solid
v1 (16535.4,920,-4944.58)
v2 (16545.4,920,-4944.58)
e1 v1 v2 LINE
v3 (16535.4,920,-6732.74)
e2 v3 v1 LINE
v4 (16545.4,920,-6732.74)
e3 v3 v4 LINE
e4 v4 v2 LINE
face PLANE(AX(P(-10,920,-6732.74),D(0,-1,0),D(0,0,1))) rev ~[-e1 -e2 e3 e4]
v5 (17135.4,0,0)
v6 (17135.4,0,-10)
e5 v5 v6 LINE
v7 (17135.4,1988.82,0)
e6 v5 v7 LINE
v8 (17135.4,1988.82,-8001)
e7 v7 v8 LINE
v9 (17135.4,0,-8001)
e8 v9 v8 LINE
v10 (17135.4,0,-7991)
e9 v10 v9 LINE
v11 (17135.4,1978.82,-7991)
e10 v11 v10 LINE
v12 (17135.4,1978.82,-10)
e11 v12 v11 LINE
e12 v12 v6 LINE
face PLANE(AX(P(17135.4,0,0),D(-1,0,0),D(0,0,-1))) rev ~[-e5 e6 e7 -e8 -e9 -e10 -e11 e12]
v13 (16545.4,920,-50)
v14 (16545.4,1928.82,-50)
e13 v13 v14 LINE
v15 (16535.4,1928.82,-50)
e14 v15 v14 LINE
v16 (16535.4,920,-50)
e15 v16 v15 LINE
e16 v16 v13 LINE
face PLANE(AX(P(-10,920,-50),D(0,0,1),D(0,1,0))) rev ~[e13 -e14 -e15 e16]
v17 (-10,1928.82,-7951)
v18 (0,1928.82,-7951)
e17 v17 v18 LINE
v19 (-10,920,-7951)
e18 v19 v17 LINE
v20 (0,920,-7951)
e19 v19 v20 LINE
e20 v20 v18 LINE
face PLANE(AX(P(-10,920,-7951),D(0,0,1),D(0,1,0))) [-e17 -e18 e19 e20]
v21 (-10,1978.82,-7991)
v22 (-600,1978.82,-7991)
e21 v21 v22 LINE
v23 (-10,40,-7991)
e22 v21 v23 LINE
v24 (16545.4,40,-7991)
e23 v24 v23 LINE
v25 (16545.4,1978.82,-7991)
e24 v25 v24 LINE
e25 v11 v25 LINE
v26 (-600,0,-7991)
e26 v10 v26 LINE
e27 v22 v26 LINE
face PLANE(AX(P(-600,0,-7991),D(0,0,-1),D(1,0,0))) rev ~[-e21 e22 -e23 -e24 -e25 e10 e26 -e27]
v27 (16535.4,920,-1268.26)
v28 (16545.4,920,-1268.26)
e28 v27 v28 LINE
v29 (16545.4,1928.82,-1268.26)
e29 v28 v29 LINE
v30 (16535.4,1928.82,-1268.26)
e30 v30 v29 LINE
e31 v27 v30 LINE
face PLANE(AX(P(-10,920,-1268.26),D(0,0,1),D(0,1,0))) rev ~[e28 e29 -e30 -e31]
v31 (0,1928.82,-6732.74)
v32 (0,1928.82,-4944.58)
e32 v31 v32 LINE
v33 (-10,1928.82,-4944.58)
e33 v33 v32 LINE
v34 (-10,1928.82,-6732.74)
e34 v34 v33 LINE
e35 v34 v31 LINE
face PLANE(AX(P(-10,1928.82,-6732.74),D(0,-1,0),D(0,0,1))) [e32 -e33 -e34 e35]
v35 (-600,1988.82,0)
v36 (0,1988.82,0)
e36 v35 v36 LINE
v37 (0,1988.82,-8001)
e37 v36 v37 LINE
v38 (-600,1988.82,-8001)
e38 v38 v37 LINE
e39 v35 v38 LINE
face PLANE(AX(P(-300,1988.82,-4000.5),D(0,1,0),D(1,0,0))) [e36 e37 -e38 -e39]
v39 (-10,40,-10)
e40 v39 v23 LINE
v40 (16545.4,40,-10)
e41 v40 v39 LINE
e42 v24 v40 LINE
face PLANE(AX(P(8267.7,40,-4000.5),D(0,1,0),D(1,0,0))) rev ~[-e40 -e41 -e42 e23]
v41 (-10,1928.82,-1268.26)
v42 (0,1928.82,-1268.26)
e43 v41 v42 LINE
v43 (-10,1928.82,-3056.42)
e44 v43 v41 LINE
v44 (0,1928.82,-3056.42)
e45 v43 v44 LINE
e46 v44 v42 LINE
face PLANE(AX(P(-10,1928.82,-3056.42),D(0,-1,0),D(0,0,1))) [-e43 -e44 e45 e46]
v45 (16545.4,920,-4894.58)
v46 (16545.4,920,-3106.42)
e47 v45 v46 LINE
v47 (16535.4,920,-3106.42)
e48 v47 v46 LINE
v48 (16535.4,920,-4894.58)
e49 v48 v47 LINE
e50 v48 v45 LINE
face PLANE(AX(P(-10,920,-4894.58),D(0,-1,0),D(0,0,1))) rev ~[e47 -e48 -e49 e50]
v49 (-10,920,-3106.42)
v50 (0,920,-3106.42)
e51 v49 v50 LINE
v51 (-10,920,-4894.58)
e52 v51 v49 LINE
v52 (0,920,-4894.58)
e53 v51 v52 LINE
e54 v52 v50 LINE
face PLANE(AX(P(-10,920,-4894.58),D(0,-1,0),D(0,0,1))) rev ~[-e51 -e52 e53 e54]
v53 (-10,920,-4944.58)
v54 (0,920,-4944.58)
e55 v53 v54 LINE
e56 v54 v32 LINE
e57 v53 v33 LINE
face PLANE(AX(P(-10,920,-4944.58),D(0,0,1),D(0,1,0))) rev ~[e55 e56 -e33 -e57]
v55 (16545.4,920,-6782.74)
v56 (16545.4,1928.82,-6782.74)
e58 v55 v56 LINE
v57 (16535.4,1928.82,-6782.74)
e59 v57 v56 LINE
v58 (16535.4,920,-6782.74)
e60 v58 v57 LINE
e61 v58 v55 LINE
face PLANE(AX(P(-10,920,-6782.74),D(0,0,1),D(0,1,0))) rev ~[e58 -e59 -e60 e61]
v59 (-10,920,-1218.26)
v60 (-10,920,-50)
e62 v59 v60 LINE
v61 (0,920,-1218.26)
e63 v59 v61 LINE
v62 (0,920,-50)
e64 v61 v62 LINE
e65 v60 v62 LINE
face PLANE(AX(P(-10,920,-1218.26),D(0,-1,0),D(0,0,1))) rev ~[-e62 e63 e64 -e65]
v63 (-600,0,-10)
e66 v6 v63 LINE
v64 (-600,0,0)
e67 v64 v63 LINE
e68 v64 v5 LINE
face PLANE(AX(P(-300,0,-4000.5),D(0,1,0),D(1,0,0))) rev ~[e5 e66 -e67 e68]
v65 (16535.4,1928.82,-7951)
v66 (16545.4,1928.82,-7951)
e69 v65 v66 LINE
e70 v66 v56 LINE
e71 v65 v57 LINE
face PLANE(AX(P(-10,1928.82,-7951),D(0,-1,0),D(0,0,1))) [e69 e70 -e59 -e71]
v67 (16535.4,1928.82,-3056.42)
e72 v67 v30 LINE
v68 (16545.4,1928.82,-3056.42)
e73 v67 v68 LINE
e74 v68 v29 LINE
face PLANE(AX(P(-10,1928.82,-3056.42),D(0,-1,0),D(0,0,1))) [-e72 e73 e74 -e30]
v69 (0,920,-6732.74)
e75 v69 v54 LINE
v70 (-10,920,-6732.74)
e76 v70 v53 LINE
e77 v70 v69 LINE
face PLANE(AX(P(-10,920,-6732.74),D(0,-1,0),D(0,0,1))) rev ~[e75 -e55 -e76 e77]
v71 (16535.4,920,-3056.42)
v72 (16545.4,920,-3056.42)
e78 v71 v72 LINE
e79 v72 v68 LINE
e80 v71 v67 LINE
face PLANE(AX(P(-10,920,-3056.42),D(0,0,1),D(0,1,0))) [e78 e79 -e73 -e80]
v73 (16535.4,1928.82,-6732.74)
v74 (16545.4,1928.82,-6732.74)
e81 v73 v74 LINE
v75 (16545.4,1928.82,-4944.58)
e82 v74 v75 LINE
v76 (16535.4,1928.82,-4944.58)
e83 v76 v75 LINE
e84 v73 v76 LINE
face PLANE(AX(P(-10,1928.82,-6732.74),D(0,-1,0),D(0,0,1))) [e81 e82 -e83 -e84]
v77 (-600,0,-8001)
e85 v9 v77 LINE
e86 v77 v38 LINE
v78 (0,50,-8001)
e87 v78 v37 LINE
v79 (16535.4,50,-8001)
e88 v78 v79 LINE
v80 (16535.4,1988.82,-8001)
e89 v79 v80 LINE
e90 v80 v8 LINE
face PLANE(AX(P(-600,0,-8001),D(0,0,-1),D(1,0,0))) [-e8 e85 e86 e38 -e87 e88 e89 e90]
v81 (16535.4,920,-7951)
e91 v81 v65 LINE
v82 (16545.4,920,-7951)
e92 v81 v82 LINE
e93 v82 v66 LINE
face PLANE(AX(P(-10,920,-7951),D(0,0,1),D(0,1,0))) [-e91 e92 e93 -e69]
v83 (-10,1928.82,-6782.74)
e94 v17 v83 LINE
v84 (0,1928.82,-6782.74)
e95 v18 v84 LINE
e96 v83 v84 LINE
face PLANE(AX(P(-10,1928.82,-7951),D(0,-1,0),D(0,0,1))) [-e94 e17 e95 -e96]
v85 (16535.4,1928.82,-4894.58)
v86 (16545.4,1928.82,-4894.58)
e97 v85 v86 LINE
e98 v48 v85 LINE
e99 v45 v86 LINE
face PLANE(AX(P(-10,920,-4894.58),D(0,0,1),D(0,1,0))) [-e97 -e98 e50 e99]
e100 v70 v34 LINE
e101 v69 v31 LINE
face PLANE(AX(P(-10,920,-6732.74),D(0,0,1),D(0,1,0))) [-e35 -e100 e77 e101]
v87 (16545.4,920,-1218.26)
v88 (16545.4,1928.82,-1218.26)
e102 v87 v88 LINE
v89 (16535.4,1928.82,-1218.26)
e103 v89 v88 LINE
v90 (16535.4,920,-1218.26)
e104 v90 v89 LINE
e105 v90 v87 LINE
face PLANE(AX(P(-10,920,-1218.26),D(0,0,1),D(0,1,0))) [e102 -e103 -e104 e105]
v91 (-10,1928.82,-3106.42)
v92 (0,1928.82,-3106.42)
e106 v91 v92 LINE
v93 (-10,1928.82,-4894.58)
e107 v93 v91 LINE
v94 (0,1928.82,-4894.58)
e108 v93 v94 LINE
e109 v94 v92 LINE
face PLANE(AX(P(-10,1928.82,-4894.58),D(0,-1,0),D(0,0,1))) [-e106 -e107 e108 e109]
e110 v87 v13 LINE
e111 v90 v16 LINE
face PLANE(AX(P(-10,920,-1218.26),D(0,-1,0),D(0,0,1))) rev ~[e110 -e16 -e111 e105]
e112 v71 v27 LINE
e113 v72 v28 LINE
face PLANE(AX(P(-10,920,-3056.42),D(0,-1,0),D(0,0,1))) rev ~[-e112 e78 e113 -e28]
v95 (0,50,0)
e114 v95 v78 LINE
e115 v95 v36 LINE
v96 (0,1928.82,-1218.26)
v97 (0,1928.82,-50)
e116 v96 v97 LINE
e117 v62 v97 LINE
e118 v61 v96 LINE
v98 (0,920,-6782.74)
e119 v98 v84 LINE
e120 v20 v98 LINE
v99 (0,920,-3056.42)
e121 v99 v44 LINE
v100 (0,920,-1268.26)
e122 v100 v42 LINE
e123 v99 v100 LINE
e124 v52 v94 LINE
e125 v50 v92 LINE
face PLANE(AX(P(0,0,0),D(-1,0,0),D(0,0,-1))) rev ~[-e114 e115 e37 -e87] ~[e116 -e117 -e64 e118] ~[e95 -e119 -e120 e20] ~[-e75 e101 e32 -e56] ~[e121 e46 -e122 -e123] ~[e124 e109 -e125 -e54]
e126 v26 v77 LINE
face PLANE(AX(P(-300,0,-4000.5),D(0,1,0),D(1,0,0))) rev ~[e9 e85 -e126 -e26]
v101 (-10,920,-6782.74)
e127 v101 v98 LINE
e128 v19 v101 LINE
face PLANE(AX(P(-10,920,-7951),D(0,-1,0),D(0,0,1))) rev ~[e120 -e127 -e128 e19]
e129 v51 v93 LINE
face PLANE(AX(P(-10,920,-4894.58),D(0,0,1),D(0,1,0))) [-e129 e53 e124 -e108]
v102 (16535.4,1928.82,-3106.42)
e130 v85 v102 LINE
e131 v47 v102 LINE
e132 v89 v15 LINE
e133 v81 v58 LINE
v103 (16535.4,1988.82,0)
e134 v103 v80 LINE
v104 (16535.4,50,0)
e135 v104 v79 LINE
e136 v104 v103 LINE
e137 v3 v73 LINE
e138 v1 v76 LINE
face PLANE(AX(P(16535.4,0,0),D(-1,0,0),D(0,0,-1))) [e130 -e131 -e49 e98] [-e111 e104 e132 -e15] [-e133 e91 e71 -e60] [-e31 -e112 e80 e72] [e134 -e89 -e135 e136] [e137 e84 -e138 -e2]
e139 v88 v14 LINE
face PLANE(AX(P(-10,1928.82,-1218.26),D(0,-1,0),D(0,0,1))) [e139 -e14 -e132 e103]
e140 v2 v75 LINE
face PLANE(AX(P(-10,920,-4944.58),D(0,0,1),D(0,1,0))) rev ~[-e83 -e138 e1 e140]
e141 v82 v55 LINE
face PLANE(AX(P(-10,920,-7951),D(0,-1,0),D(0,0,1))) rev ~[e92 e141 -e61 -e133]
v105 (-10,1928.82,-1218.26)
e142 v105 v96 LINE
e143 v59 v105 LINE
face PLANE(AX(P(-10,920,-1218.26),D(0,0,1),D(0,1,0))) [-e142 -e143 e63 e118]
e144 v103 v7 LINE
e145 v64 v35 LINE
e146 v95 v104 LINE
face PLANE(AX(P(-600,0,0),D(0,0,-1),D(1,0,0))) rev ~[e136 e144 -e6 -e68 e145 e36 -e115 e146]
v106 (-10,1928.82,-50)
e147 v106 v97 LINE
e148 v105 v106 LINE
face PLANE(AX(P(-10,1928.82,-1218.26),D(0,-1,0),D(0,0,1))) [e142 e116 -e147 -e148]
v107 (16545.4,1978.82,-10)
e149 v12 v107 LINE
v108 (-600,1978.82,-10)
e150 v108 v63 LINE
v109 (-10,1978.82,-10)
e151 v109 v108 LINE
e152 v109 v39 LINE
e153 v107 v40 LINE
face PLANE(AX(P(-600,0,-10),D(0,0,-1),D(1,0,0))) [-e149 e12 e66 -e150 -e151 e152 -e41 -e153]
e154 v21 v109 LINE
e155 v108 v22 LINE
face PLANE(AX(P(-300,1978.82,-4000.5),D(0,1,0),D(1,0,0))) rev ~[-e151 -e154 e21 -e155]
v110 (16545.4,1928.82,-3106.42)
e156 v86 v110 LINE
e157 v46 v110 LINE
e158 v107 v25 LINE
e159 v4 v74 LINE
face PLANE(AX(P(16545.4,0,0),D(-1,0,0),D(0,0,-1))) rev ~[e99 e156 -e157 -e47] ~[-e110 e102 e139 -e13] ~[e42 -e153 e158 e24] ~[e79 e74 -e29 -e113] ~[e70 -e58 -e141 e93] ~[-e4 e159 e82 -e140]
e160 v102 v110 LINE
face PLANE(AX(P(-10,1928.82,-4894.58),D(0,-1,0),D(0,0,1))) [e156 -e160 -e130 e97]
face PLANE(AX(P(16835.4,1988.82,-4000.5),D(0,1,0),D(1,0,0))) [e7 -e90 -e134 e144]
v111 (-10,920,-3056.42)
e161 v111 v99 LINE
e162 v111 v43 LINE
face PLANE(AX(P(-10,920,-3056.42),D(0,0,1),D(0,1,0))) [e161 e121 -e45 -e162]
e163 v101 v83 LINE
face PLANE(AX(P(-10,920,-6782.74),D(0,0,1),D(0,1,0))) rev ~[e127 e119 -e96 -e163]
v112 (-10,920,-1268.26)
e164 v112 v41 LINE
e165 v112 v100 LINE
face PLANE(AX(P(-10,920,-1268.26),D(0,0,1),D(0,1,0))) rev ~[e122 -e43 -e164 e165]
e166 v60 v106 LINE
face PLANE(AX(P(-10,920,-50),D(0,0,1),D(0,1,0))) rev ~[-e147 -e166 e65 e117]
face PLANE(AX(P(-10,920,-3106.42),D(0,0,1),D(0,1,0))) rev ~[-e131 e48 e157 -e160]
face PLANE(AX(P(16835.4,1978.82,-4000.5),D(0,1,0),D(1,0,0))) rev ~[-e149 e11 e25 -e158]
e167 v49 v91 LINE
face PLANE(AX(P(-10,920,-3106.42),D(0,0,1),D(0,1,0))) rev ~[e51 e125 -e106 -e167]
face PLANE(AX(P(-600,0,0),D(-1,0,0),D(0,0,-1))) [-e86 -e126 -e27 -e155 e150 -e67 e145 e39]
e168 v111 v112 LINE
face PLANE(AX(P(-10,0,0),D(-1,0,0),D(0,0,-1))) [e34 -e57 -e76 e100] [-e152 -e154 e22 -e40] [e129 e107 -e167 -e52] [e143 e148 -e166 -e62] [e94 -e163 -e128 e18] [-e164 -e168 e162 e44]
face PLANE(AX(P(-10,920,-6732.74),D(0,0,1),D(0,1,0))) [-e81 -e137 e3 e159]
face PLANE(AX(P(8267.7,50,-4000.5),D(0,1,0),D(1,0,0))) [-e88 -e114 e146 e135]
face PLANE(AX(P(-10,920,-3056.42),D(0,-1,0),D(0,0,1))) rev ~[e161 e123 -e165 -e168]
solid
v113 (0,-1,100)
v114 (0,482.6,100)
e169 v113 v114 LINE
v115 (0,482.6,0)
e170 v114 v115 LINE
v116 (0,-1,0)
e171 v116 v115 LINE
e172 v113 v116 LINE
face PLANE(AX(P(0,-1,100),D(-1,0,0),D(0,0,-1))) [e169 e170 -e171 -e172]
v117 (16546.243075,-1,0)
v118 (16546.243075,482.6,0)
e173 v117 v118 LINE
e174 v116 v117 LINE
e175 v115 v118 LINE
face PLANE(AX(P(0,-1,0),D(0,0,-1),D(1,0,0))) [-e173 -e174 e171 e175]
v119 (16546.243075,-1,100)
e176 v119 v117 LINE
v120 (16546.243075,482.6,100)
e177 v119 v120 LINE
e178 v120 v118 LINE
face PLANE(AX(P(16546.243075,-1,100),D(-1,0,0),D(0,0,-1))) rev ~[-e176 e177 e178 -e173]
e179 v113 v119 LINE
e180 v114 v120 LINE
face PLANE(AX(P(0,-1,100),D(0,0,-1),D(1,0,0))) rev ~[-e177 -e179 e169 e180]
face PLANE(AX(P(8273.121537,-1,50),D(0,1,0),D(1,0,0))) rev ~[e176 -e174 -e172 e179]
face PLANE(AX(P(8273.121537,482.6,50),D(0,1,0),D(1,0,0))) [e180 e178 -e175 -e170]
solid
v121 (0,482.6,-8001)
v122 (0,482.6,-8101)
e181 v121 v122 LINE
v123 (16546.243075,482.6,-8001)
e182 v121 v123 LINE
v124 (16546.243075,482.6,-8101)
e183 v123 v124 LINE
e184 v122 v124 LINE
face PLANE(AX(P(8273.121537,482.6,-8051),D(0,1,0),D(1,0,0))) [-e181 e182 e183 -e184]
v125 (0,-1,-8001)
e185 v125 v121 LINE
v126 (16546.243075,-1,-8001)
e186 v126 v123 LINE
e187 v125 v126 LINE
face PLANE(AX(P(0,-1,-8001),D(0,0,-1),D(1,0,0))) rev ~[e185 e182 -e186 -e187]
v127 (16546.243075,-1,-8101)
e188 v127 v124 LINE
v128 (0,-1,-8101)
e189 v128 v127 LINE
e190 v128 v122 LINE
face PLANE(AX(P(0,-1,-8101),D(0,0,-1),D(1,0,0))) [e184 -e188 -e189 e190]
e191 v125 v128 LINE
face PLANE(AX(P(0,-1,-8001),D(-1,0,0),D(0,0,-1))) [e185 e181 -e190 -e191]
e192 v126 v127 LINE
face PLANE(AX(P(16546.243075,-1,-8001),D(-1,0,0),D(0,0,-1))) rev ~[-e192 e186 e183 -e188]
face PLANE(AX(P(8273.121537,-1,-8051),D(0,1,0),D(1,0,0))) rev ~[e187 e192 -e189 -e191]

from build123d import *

# Parameters (mm, degrees)
SKETCH1_W                   = 16535.4
SKETCH1_H                   = 8001
BOSS_EXTRUDE1_DEPTH         = 50
SKETCH2_W                   = 600
SKETCH2_H                   = 8001
BOSS_EXTRUDE2_DEPTH         = 1988.82
BOSS_EXTRUDE12_DEPTH        = 482.6
BOSS_EXTRUDE12_DEPTH_BACK   = 1
SKETCH3_W                   = 16546.243074812
SKETCH3_H                   = 100
BOSS_EXTRUDE12_2_DEPTH      = 482.6
BOSS_EXTRUDE12_2_DEPTH_BACK = 1
SHELL1_T                    = -10
SKETCH5_W                   = 1168.26
SKETCH5_H                   = 1008.82
SKETCH5_W_2                 = 1788.16
CUT_EXTRUDE1_DEPTH          = 19067.891386705


with BuildPart() as part:
    # Sketch1 → Boss-Extrude1 (new body)
    with BuildSketch(Plane(origin=(0, 0, 0), x_dir=(1, 0, 0), z_dir=(0, 1, 0))):
        with Locations((8267.7, 4000.5)):
            Rectangle(SKETCH1_W, SKETCH1_H)
    extrude(amount=BOSS_EXTRUDE1_DEPTH)

    # Sketch2 → Boss-Extrude2 (add)
    with BuildSketch(Plane(origin=(0, 0, 0), x_dir=(1, 0, 0), z_dir=(0, 1, 0))):
        with Locations((-300, 4000.5)):
            Rectangle(SKETCH2_W, SKETCH2_H)
        with Locations((16835.4, 4000.5)):
            Rectangle(SKETCH2_W, SKETCH2_H)
    extrude(amount=BOSS_EXTRUDE2_DEPTH)

    # Shell1
    shell1_openings = [part.faces().sort_by_distance(p)[0] for p in [
        (-600, 994.41, -4000.5),
        (17135.4, 994.41, -4000.5),
        (8267.7, 0, -4000.5),
    ]]
    offset(amount=SHELL1_T, openings=shell1_openings, kind=Kind.INTERSECTION)

    # Sketch5 → Cut-Extrude1 (cut, through all)
    with BuildSketch(Plane.ZY.offset(10)):
        with Locations((-7366.87, 1424.41)):
            Rectangle(SKETCH5_W, SKETCH5_H)
        with Locations((-2162.34, 1424.41)):
            Rectangle(SKETCH5_W_2, SKETCH5_H)
        with Locations((-634.13, 1424.41)):
            Rectangle(SKETCH5_W, SKETCH5_H)
        with Locations((-5838.66, 1424.41)):
            Rectangle(SKETCH5_W_2, SKETCH5_H)
        with Locations((-4000.5, 1424.41)):
            Rectangle(SKETCH5_W_2, SKETCH5_H)
    extrude(amount=-CUT_EXTRUDE1_DEPTH, mode=Mode.SUBTRACT)


with BuildPart() as body_2:
    # Sketch3 → Boss-Extrude12 (new, two sides: drawn at the far end of the back side and taken through both)
    with BuildSketch(Plane(origin=(0, 0, 0), x_dir=(1, 0, 0), z_dir=(0, 1, 0)).offset(-BOSS_EXTRUDE12_DEPTH_BACK)):
        with Locations((8273.121537406, 8051)):
            Rectangle(SKETCH3_W, SKETCH3_H)
    extrude(amount=BOSS_EXTRUDE12_DEPTH + BOSS_EXTRUDE12_DEPTH_BACK)


with BuildPart() as body_3:
    # Sketch3 → Boss-Extrude12 2 (new, two sides: drawn at the far end of the back side and taken through both)
    with BuildSketch(Plane(origin=(0, 0, 0), x_dir=(1, 0, 0), z_dir=(0, 1, 0)).offset(-BOSS_EXTRUDE12_2_DEPTH_BACK)):
        with Locations((8273.121537406, -50)):
            Rectangle(SKETCH3_W, SKETCH3_H)
    extrude(amount=BOSS_EXTRUDE12_2_DEPTH + BOSS_EXTRUDE12_2_DEPTH_BACK)


solid = Compound([part.part, body_2.part, body_3.part])
